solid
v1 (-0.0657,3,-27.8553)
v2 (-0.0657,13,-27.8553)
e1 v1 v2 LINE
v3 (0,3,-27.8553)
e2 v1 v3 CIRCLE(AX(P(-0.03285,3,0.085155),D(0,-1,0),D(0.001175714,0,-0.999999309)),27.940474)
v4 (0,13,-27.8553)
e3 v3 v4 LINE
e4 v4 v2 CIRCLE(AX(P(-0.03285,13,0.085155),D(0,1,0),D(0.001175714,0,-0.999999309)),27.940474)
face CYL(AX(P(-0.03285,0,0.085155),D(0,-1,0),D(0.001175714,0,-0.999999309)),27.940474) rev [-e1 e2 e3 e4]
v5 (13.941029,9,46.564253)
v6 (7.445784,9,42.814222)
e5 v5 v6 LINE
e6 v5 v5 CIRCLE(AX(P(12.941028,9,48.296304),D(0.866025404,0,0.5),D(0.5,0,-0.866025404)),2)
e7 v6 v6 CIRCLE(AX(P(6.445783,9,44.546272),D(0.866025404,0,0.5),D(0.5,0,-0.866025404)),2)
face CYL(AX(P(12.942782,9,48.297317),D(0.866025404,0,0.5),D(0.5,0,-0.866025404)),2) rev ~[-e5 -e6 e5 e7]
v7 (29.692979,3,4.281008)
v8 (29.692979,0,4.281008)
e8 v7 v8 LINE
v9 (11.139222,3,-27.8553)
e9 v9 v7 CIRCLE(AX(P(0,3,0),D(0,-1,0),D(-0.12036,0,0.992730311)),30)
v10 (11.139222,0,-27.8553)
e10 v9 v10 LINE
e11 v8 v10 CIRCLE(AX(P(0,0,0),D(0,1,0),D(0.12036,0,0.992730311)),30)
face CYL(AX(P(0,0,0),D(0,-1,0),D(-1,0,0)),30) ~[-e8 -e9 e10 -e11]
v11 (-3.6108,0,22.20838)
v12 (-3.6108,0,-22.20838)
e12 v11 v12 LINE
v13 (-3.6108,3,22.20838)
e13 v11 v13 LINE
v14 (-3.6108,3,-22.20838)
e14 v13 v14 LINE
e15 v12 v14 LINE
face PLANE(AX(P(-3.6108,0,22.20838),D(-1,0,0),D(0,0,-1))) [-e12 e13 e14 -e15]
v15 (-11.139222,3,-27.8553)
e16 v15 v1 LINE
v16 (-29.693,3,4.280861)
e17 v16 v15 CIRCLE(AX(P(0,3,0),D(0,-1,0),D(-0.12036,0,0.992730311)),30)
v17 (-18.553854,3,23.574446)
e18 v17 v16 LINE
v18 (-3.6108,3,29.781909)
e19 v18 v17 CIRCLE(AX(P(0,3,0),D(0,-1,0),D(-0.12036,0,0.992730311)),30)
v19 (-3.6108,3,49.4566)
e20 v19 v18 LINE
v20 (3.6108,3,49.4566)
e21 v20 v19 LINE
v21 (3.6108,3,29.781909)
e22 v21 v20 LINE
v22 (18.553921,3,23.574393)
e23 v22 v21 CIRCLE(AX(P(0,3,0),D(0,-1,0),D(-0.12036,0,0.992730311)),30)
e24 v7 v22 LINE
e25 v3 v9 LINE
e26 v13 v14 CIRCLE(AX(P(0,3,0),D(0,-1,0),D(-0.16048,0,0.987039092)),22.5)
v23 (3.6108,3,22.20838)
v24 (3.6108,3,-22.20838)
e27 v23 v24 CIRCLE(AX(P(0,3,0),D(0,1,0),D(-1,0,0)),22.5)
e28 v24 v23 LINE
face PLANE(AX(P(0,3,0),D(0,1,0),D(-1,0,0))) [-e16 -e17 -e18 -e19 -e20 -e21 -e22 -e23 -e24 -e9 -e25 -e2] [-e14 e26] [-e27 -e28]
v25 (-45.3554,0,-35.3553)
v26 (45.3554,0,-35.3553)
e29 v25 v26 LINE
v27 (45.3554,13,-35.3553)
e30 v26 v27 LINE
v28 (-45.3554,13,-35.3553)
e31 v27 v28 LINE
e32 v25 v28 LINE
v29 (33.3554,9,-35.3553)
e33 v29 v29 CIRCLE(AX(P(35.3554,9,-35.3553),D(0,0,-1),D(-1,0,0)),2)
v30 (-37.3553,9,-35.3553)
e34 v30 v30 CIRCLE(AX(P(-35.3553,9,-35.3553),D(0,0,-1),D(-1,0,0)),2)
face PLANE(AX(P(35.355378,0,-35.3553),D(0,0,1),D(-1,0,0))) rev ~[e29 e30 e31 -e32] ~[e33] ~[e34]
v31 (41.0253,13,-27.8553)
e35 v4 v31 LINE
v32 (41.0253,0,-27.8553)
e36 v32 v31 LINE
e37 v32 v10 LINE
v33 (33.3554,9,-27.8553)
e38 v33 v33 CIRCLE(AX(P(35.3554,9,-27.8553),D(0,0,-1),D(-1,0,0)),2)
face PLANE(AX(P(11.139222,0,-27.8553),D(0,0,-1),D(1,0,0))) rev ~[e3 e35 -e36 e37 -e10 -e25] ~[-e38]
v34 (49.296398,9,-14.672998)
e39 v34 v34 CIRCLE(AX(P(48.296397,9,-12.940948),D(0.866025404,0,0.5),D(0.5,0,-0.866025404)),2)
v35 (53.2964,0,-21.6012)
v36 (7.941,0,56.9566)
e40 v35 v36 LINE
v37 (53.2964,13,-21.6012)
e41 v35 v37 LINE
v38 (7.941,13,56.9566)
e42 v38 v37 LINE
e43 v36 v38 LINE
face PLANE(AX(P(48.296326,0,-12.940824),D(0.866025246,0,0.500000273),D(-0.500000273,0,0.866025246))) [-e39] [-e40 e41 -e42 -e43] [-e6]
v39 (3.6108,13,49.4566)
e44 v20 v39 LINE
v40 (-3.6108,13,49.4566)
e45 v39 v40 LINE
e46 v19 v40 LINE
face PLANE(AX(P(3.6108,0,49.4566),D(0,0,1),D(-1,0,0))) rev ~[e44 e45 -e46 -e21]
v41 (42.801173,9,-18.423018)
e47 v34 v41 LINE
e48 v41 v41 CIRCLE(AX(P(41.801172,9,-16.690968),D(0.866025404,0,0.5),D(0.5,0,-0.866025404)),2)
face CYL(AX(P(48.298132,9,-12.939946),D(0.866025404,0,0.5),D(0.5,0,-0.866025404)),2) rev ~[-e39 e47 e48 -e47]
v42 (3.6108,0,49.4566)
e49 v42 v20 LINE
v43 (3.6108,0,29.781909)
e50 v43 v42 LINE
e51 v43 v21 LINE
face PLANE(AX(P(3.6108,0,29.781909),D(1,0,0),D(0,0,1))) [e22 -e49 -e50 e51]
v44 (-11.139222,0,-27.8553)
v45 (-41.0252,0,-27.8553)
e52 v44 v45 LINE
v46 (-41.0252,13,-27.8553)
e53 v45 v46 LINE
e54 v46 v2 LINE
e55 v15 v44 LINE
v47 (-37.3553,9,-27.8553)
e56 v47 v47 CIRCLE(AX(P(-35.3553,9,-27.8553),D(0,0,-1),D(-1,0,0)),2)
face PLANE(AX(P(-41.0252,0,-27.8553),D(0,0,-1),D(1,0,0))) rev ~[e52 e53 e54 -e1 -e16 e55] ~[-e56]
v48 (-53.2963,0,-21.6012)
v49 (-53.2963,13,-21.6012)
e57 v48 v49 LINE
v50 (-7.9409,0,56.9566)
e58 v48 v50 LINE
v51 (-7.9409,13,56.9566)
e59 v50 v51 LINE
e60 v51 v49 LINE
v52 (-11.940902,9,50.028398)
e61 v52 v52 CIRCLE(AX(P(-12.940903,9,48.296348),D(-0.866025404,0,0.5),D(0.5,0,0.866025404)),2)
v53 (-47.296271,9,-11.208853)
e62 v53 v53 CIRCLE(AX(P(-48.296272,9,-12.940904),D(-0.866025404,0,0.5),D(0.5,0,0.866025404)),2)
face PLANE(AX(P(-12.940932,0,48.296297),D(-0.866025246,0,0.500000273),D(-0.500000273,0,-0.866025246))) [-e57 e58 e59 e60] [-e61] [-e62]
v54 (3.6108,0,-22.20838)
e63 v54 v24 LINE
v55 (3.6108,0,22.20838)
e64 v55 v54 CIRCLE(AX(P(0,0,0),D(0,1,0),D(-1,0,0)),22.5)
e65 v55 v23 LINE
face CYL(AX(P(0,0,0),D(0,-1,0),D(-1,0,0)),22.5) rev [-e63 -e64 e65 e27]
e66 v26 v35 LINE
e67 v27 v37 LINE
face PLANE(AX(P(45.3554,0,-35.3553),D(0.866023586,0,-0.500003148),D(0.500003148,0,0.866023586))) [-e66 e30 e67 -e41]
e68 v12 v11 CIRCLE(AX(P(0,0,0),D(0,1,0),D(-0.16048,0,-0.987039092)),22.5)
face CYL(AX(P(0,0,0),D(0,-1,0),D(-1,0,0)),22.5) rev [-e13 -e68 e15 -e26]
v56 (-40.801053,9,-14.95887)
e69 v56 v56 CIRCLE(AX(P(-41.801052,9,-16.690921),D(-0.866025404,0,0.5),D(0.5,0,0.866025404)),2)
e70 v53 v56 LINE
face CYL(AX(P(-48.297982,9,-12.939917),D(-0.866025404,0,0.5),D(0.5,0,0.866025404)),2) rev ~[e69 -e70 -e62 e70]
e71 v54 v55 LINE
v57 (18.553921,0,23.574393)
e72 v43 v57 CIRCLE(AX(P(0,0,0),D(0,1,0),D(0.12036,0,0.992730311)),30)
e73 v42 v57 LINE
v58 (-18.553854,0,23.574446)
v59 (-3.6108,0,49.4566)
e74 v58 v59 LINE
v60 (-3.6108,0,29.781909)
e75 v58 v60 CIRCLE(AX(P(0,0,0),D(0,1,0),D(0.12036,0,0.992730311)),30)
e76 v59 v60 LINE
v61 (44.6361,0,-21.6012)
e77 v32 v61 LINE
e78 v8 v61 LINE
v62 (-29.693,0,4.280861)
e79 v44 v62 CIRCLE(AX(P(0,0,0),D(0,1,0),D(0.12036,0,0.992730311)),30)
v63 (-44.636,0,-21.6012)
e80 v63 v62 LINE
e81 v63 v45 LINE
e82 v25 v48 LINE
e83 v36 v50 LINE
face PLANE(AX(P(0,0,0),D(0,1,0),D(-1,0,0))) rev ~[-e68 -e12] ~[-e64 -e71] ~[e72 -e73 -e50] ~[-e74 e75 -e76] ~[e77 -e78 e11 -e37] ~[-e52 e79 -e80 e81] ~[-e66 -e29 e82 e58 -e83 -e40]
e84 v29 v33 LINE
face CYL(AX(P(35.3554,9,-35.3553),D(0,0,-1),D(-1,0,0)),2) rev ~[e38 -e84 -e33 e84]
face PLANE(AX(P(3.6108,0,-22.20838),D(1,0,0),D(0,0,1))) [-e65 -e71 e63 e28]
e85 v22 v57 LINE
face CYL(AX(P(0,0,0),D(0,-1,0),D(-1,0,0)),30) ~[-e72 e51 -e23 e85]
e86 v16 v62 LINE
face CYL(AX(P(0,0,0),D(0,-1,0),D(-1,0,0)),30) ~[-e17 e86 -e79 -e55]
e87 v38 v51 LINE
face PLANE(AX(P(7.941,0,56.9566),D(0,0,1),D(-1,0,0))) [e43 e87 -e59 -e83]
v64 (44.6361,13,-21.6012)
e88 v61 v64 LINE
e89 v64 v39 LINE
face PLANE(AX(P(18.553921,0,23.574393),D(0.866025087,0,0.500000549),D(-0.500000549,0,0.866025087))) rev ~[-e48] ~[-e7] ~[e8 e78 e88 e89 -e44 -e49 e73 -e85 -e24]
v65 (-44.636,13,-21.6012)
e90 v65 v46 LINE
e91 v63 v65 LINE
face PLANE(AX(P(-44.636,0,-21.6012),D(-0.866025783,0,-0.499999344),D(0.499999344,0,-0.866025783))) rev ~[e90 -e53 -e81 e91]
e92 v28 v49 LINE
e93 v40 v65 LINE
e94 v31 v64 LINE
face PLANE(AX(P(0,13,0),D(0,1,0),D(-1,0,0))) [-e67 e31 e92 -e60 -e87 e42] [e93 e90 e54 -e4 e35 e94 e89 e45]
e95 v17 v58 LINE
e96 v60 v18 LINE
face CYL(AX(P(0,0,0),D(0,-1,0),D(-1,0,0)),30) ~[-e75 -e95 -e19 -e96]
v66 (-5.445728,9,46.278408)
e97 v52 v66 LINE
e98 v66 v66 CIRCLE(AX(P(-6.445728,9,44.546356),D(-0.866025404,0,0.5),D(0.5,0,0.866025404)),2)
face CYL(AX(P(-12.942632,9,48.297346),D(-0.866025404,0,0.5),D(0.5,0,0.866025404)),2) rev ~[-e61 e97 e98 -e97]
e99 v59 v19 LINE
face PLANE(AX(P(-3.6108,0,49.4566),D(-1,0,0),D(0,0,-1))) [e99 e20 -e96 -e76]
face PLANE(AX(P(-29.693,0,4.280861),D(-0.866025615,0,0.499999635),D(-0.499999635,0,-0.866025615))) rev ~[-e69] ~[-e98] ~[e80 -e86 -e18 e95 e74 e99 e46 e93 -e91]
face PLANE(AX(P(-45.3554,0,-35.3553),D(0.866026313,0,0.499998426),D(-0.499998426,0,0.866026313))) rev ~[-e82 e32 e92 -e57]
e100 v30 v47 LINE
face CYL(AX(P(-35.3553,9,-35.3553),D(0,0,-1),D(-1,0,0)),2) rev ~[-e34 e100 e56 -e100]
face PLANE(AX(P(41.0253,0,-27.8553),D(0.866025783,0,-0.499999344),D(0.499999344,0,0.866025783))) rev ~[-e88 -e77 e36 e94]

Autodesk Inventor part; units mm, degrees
ref_plane "YZ Plane" through (0, 0, 0) normal (1, 0, 0) x (0, 1, 0)
ref_plane "XZ Plane" through (0, 0, 0) normal (0, 1, 0) x (-1, 0, 0)
ref_plane "XY Plane" through (0, 0, 0) normal (0, 0, 1) x (1, 0, 0)
sketch "Sketch1" plane through (0, 0, 0) normal (0, 1, 0) x (-1, 0, 0)
  circle A0 centre (0, 0) radius 50
  line L0 (35.3554, -35.3553) -> (42.8554, -35.3553) construction
  line L1 (48.2963, -12.941) -> (55.7963, -12.941) construction
  line L2 (12.9409, 48.2963) -> (20.4409, 48.2963) construction
  line L3 (-12.941, 48.2963) -> (-5.441, 48.2963) construction
  line L4 (-48.2963, -12.941) -> (-40.7963, -12.941) construction
  line L5 (-35.3553, -35.3553) -> (-27.8553, -35.3553) construction
  line L6 (45.3554, -35.3553) -> (53.2963, -21.6012)
  line L7 (-45.3554, -35.3553) -> (-53.2964, -21.6012)
  line L8 (-7.941, 56.9566) -> (7.9409, 56.9566)
  line L9 (7.9409, 56.9566) -> (53.2963, -21.6012)
  line L10 (-45.3554, -35.3553) -> (45.3554, -35.3553)
  line L11 (-53.2964, -21.6012) -> (-7.941, 56.9566)
  line L12 (44.636, -21.6012) -> (41.0252, -27.8553)
  line L13 (41.0252, -27.8553) -> (-41.0253, -27.8553)
  line L14 (-41.0253, -27.8553) -> (-44.6361, -21.6012)
  line L15 (-44.6361, -21.6012) -> (-3.6108, 49.4566)
  line L16 (-3.6108, 49.4566) -> (3.6108, 49.4566)
  line L17 (3.6108, 49.4566) -> (44.636, -21.6012)
  arc A1 (0, -27.8553) -> (0.0657, -27.8553) centre (0.0328, 0.0001) ccw
  circle A2 centre (0, 0) radius 22.5
  line L18 (3.6108, -27.8553) -> (-3.6108, -27.8553)
  line L19 (-3.6108, -27.8553) -> (-3.6108, 49.4566)
  line L20 (-3.6108, 49.4566) -> (3.6108, 49.4566)
  line L21 (3.6108, 49.4566) -> (3.6108, -27.8553)
  circle A3 centre (0, 0) radius 30
  point P0 (0, -27.8553)
  point P1 (0, -27.8553)
  point P2 (0, 49.4566)
  point P3 (0, 49.4566)
  dimension "d0" = 100
  dimension "d7" = 35.3553
  dimension "d9" = 12.941
  dimension "d10" = 48.2963
  dimension "d11" = 35.3553
  dimension "d12" = 35.3553
  dimension "d13" = 35.3554
  dimension "d17" = 12.941
  dimension "d18" = 48.2963
  dimension "d20" = 48.2963
  dimension "d21" = 12.9409
  dimension "d22" = 48.2963
  dimension "d23" = 12.941
  dimension "d99" = 7.5
  dimension "d133" = 2.5
  dimension "d134" = 15.8819
  dimension "d140" = 15.8819
  dimension "d143" = 15.8819
  dimension "d144" = 90.7107
  dimension "d145" = 90.7108
  dimension "d146" = 90.7107
  dimension "d147" = 35.3553
  dimension "d148" = 120
  dimension "d149" = 120
  dimension "d150" = 7.5
  dimension "d184" = 45
  dimension "d185" = 60
extrude "Extrusion5" add sketch "Sketch1" along normal blind 13 contours L9 A0 L10 L11 | A0 L11 L8 L9 | L9 L6 L10 A0 | A0 L10 L7 L11 | L17 A3 | A3 L13 | A3 L15
sketch "Sketch5" plane through (53.2964, 0, -21.6012) normal (0.866, 0, 0.5) x (0.5, 0, -0.866)
  circle A0 centre (-80.7107, 9) radius 2
  circle A1 centre (-10, 9) radius 2
  line L0 (-90.7107, 13) -> (0, 13) projected
  line L1 (-90.7107, 0) -> (-90.7107, 13) projected
  line L2 (0, 0) -> (0, 13) projected
  point P0 (-45.3554, 0)
  dimension "d155" = 4
  dimension "d156" = 4
  dimension "d157" = 4
  dimension "d158" = 10
  dimension "d159" = 10
sketch "Sketch6" plane through (-7.9409, 0, 56.9566) normal (-0.866, 0, 0.5) x (0.5, 0, 0.866)
  circle A0 centre (-80.7107, 9) radius 2
  circle A1 centre (-10, 9) radius 2
  line L0 (0, 0) -> (0, 13) projected
  line L1 (-90.7107, 13) -> (0, 13) projected
  line L2 (-90.7107, 0) -> (-90.7107, 13) projected
  point P0 (-45.3554, 0)
  dimension "d160" = 4
  dimension "d161" = 4
  dimension "d162" = 10
  dimension "d163" = 4
  dimension "d164" = 10
sketch "Sketch7" plane through (45.3554, 0, -35.3553) normal (0, 0, -1) x (-1, 0, 0)
  circle A0 centre (10, 9) radius 2
  circle A1 centre (80.7107, 9) radius 2
  line L0 (0, 13) -> (90.7107, 13) projected
  line L1 (0, 0) -> (0, 13) projected
  line L2 (90.7107, 0) -> (90.7107, 13) projected
  point P0 (45.3554, 0)
  dimension "d165" = 4
  dimension "d166" = 4
  dimension "d167" = 4
  dimension "d168" = 10
  dimension "d169" = 10
extrude "Extrusion6" cut sketch "Sketch5" against normal blind 7.5
extrude "Extrusion7" cut sketch "Sketch7" against normal blind 7.5
extrude "Extrusion8" cut sketch "Sketch6" against normal blind 7.5
extrude "Extrusion9" add sketch "Sketch1" along normal blind 3 contours A3 L13 L21 A2 L17 | L17 A3 | A3 L13 | L13 L19 A2 L21 | A3 L15 L19 A2 L13 | L21 A3 L19 L16 | L21 A2 L19 A3 | A2 L19 L21 | A3 L15
properties part number "Stewart_Platform"
